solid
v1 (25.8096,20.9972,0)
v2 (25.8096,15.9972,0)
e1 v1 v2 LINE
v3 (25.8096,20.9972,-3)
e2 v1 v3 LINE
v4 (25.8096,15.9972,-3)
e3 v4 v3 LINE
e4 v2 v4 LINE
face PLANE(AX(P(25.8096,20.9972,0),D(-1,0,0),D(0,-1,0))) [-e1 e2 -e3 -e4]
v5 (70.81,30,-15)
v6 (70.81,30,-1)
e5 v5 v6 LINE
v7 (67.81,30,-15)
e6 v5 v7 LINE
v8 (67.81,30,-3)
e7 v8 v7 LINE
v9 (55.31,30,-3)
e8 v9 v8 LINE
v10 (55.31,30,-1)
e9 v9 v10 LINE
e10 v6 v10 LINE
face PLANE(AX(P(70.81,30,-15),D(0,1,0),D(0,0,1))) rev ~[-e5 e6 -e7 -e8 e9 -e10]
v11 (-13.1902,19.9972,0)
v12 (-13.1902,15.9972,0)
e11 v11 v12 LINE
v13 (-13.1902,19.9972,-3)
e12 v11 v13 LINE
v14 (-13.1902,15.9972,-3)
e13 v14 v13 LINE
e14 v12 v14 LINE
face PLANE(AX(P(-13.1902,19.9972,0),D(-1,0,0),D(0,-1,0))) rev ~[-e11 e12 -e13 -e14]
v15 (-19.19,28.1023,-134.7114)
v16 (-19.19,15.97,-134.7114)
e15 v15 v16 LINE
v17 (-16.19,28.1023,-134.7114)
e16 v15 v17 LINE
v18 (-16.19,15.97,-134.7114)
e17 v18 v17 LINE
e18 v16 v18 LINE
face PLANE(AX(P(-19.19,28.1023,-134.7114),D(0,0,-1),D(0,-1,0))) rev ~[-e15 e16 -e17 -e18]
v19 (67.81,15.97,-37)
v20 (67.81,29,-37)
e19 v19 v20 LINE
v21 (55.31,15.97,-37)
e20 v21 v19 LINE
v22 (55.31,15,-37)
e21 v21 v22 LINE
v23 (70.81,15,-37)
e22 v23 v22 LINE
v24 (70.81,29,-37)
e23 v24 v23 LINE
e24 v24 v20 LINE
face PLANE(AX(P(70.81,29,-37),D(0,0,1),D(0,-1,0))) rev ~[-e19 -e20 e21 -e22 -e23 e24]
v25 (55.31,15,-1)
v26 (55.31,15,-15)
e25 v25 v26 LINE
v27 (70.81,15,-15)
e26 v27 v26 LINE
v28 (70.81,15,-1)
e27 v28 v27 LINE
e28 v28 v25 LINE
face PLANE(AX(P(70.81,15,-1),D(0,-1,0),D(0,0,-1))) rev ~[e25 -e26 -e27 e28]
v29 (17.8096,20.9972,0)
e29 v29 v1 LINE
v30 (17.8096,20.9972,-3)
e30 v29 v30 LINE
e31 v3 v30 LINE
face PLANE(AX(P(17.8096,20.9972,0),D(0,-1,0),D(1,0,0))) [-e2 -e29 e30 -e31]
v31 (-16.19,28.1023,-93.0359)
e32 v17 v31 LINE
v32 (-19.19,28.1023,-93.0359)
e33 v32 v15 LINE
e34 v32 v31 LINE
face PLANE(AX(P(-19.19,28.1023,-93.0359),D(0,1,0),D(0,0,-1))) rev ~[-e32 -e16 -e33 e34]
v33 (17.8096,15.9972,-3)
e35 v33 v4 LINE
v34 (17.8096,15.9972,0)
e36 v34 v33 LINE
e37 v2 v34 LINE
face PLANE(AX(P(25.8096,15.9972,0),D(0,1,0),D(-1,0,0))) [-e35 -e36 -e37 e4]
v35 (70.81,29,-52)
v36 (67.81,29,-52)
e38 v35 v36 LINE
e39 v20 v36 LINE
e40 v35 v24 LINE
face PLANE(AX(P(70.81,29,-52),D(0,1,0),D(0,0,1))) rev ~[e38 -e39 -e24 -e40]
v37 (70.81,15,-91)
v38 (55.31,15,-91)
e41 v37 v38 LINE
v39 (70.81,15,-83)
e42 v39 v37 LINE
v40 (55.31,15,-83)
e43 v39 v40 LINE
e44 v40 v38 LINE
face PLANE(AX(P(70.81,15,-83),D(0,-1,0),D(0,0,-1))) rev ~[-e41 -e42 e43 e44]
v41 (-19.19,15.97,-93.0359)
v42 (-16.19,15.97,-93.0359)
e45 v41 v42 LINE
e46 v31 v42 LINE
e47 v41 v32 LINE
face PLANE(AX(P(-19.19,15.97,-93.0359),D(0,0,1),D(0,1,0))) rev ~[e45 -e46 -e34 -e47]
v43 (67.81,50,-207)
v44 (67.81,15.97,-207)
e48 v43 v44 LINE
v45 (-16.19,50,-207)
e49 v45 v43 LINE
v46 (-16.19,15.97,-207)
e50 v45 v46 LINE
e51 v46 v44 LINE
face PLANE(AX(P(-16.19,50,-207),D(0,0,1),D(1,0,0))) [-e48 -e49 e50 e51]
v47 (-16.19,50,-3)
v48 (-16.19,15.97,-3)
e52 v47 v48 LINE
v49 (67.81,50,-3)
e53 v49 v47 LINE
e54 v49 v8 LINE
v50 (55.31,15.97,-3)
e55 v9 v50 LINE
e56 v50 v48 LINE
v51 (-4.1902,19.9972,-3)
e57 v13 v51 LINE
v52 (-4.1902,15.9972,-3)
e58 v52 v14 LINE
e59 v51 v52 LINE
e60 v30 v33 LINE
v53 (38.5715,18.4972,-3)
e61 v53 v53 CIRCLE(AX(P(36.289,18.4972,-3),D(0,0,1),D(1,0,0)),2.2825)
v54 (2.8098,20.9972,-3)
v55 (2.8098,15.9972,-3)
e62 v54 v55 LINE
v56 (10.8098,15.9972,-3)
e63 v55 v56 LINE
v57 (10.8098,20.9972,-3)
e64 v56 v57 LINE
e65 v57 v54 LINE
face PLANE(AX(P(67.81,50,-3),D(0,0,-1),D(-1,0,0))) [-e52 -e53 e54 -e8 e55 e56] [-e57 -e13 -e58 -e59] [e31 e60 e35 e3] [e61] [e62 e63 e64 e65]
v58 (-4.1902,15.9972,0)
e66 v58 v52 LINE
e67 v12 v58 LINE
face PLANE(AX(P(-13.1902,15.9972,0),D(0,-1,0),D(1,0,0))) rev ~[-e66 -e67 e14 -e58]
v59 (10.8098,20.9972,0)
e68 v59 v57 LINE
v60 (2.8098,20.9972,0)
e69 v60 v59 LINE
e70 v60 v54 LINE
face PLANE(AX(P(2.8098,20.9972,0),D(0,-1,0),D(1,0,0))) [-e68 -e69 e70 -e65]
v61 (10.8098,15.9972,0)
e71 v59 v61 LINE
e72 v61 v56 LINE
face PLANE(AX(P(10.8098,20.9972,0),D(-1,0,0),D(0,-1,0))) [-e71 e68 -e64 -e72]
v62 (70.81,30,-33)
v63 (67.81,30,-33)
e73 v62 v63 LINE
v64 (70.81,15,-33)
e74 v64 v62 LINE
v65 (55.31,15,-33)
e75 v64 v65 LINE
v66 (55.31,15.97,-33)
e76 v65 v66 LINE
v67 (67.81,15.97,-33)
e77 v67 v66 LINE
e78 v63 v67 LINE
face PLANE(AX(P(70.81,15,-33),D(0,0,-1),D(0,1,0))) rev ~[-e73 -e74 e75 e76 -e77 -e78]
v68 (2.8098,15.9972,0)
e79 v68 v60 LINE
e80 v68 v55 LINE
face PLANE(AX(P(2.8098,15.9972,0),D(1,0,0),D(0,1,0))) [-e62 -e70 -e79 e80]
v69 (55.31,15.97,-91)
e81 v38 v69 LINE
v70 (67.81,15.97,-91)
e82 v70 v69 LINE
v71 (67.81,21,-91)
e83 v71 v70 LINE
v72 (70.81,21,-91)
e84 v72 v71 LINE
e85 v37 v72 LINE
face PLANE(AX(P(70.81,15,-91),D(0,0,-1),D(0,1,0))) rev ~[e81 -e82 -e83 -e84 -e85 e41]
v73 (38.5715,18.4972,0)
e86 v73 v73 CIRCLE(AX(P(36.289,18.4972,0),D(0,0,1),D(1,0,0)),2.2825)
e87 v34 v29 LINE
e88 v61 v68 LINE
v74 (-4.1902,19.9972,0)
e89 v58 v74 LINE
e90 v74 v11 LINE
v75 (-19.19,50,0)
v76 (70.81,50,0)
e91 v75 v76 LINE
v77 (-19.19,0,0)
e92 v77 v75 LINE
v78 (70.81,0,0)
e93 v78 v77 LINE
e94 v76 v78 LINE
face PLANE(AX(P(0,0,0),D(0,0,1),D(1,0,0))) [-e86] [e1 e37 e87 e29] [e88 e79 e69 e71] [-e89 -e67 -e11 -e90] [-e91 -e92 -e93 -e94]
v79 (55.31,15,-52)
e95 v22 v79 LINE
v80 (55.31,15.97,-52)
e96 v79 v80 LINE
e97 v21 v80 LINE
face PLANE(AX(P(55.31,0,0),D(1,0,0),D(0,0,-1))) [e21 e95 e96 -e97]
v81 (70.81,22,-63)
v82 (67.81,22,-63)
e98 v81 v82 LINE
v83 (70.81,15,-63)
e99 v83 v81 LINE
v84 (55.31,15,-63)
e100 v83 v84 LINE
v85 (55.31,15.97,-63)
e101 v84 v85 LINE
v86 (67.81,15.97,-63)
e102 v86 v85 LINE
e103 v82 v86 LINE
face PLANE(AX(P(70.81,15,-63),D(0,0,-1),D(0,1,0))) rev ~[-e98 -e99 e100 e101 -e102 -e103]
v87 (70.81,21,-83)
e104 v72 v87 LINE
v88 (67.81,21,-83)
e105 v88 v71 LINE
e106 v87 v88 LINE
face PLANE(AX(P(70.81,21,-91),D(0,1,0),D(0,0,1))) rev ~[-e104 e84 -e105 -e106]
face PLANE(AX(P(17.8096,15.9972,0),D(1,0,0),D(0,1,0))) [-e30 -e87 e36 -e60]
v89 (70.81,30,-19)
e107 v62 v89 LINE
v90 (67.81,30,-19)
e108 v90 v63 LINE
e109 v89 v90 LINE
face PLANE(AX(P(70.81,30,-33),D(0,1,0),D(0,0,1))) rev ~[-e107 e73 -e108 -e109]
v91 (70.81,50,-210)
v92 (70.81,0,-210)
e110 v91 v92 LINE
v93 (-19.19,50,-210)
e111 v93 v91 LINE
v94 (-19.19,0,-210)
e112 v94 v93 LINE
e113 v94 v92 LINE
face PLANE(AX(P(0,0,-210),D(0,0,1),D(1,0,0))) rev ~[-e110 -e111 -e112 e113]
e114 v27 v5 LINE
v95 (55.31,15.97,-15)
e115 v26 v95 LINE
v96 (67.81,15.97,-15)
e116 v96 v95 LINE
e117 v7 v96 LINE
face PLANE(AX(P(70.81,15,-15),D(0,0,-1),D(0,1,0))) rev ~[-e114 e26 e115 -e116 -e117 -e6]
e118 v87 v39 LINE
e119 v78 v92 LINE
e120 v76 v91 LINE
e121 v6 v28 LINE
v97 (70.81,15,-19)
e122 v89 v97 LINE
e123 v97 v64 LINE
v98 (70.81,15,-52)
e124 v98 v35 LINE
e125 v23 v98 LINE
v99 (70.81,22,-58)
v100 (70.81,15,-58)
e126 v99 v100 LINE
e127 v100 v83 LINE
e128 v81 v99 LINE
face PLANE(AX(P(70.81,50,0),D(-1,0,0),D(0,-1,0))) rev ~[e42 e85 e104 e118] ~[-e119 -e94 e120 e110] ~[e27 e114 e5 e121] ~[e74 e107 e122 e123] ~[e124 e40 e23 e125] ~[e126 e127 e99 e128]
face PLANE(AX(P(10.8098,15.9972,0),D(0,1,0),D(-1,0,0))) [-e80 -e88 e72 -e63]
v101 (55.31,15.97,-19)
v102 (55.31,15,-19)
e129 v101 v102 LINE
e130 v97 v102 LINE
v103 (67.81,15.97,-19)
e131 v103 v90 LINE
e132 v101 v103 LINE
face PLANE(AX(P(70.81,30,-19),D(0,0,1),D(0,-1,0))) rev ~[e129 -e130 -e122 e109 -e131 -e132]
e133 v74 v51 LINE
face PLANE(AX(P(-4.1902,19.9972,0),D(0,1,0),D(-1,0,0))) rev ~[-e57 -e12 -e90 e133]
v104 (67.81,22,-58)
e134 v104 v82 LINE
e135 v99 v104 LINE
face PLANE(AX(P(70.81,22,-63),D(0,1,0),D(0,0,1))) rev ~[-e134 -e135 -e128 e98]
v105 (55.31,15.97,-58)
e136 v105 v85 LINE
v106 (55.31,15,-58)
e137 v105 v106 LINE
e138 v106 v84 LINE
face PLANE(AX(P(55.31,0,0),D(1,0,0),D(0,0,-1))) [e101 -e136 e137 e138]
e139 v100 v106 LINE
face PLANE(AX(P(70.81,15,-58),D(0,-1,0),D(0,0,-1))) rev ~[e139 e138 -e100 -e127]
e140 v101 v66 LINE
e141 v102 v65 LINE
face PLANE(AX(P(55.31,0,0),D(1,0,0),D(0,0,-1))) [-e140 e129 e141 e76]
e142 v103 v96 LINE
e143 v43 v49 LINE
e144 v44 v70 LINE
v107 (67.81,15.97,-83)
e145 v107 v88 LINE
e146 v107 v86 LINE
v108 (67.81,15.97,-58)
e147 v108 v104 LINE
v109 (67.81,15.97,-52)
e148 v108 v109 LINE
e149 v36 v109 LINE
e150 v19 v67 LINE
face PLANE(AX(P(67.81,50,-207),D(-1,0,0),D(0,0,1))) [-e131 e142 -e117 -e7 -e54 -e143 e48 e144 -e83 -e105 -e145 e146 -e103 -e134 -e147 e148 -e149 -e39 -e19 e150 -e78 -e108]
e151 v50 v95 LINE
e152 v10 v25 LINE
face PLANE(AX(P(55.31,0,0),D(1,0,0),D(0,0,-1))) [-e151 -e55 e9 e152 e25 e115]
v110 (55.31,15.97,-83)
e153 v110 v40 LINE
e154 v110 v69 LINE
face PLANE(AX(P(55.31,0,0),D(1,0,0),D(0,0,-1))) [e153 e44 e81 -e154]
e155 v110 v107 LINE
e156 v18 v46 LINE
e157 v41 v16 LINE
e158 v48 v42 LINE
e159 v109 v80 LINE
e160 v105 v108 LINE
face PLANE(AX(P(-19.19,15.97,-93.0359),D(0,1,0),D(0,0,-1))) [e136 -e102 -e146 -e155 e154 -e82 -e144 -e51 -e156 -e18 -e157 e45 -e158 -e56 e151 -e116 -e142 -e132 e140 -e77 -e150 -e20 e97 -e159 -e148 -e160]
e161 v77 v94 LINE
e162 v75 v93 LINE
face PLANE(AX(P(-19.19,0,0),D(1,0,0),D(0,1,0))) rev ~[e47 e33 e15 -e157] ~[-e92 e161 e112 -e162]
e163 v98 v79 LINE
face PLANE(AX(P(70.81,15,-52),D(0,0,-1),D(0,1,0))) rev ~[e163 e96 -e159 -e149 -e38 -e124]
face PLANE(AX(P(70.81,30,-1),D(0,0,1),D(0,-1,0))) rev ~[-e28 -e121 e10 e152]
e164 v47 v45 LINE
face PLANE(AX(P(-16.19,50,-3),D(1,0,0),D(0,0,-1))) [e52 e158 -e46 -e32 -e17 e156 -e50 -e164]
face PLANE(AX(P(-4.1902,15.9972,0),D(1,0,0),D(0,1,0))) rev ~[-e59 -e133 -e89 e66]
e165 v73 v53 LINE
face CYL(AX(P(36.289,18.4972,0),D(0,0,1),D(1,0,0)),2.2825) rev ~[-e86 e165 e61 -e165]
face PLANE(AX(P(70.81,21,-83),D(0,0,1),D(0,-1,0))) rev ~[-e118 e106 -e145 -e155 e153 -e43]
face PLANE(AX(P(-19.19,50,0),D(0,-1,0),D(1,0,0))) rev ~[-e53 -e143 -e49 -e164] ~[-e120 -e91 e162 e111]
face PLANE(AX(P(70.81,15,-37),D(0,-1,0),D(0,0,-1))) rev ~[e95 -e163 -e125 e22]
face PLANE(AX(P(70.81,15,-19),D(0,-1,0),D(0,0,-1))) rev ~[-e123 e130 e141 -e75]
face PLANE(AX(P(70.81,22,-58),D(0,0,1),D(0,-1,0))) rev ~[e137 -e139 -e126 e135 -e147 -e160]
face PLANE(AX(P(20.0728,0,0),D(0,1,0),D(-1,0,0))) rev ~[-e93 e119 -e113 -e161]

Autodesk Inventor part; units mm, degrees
ref_plane "YZ Plane" through (0, 0, 0) normal (1, 0, 0) x (0, 1, 0)
ref_plane "XZ Plane" through (0, 0, 0) normal (0, 1, 0) x (-1, 0, 0)
ref_plane "XY Plane" through (0, 0, 0) normal (0, 0, 1) x (1, 0, 0)
sketch "Sketch1" plane through (0, 0, 0) normal (0, 0, 1) x (1, 0, 0)
  point P0 (0, 0)
sketch "Sketch2" plane through (0, 0, 0) normal (0, 0, 1) x (1, 0, 0)
  line L0 (20.0728, 0) -> (-15.1545, 0)
  line L1 (-19.19, 0) -> (-19.19, 50)
  line L2 (-19.19, 50) -> (70.81, 50)
  line L3 (70.81, 50) -> (70.81, 0)
  line L4 (70.81, 0) -> (-19.19, 0)
  line L5 (-19.19, 0) -> (-13.19, 0)
  line L6 (-13.19, 0) -> (-13.19, 15)
  point P0 (0, 0)
  dimension "d0" = 50
  dimension "d1" = 90
  dimension "d2" = 15
  dimension "d5" = 6
sketch "Sketch3" plane through (0, 0, 0) normal (0, 0, 1) x (1, 0, 0)
  line L0 (-13.1902, 15.9972) -> (-4.1902, 15.9972)
  line L1 (-4.1902, 15.9972) -> (-4.1902, 19.9972)
  line L2 (-4.1902, 19.9972) -> (-13.1902, 19.9972)
  line L3 (-13.1902, 19.9972) -> (-13.1902, 15.9972)
  line L4 (2.8098, 15.9972) -> (2.8098, 20.9972)
  line L5 (2.8098, 20.9972) -> (10.8098, 20.9972)
  line L6 (10.8098, 20.9972) -> (10.8098, 15.9972)
  line L7 (10.8098, 15.9972) -> (2.8098, 15.9972)
  line L8 (2.8098, 15.9972) -> (2.8098, 20.9972)
  line L9 (2.8098, 20.9972) -> (10.8098, 20.9972)
  line L10 (10.8098, 20.9972) -> (10.8098, 15.9972)
  line L11 (10.8098, 15.9972) -> (2.8098, 15.9972)
  line L12 (17.8096, 15.9972) -> (17.8096, 20.9972)
  line L13 (17.8096, 20.9972) -> (25.8096, 20.9972)
  line L14 (25.8096, 20.9972) -> (25.8096, 15.9972)
  line L15 (25.8096, 15.9972) -> (17.8096, 15.9972)
  line L16 (17.8096, 15.9972) -> (17.8096, 20.9972)
  line L17 (17.8096, 20.9972) -> (25.8096, 20.9972)
  line L18 (25.8096, 20.9972) -> (25.8096, 15.9972)
  line L19 (25.8096, 15.9972) -> (17.8096, 15.9972)
  circle A0 centre (36.289, 18.4972) radius 2.2825
  point P0 (0, 0)
  dimension "d7" = 9
  dimension "d8" = 4
  dimension "d9" = 9
  dimension "d11" = 5
  dimension "d12" = 8
  dimension "d13" = 5
  dimension "d14" = 8
  dimension "d16" = 7
  dimension "d18" = 5
  dimension "d19" = 8
  dimension "d20" = 5
  dimension "d21" = 8
  dimension "d22" = 5
  dimension "d23" = 8
  dimension "d24" = 5
  dimension "d25" = 8
  dimension "d27" = 5
  dimension "d28" = 8
  dimension "d29" = 5
  dimension "d30" = 8
sketch "Sketch4" plane through (0, 0, 0) normal (1, 0, 0) x (0, 1, 0)
  point P0 (0, 0)
sketch "Sketch5" plane through (0, 0, 0) normal (1, 0, 0) x (0, 1, 0)
  point P0 (0, 0)
sketch "Sketch6" plane through (0, 0, 0) normal (1, 0, 0) x (0, 1, 0)
  point P0 (0, 0)
extrude "Extrusion2" add sketch "Sketch2" against normal blind 210
sketch "Sketch7" plane through (70.81, 0, 0) normal (1, 0, 0) x (0, 0, -1)
  point P0 (0, 0)
sketch "Sketch8" plane through (-19.19, 50, 0) normal (0, 1, 0) x (1, 0, 0)
  point P0 (19.19, 0)
sketch "Sketch9" plane through (-19.19, 50, 0) normal (0, 1, 0) x (1, 0, 0)
  line L0 (0, 210) -> (90, 210) projected
  line L1 (0, 210) -> (3, 210)
  line L2 (3, 210) -> (0, 210)
  line L3 (90, 210) -> (87, 210)
  line L4 (90, 0) -> (0, 0) projected
  line L5 (90, 0) -> (90, 210) projected
  line L6 (90, 3) -> (90, 0)
  line L7 (0, 0) -> (0, 3)
  line L8 (0, 0) -> (0, 210) projected
  line L9 (3, 207) -> (87, 207)
  line L10 (87, 207) -> (87, 3)
  line L11 (87, 3) -> (3, 3)
  line L12 (3, 3) -> (3, 207)
  point P0 (19.19, 0)
  dimension "d39" = 3
  dimension "d40" = 3
extrude "Extrusion3" cut sketch "Sketch9" against normal blind 34.03 contours L9 L10 L11 L12
extrude "Extrusion4" cut sketch "Sketch3" against normal blind 33.25
sketch "Sketch10" plane through (0, 0, 0) normal (0, 0, 1) x (1, 0, 0)
  point P0 (0, 0)
sketch "Sketch11" plane through (0, 0, 0) normal (0, 0, 1) x (1, 0, 0)
  point P0 (0, 0)
sketch "Sketch12" plane through (67.81, 50, -3) normal (0, 0, -1) x (-1, 0, 0)
  point P0 (67.81, -50)
sketch "Sketch13" plane through (67.81, 50, -3) normal (0, 0, -1) x (-1, 0, 0)
  point P0 (67.81, -50)
sketch "Sketch14" plane through (0, 0, 0) normal (0, 0, 1) x (1, 0, 0)
  point P0 (0, 0)
sketch "Sketch15" plane through (70.81, 0, 0) normal (1, 0, 0) x (0, 0, -1)
  line L0 (0, 0) -> (0, 15)
  line L1 (0, 0) -> (0, 50) projected
  line L2 (0, 15) -> (1, 15)
  line L3 (1, 15) -> (15, 15)
  line L4 (15, 15) -> (15, 30)
  line L5 (15, 30) -> (1, 30)
  line L6 (1, 30) -> (1, 15)
  line L7 (15, 15) -> (19, 15)
  line L8 (19, 15) -> (33, 15)
  line L9 (33, 15) -> (33, 30)
  line L10 (33, 30) -> (19, 30)
  line L11 (19, 30) -> (19, 15)
  line L12 (33, 15) -> (37, 15)
  line L13 (37, 15) -> (52, 15)
  line L14 (52, 15) -> (52, 29)
  line L15 (52, 29) -> (37, 29)
  line L16 (37, 29) -> (37, 15)
  line L17 (52, 15) -> (58, 15)
  line L18 (58, 15) -> (63, 15)
  line L19 (63, 15) -> (63, 22)
  line L20 (63, 22) -> (58, 22)
  line L21 (58, 22) -> (58, 15)
  line L22 (63, 15) -> (83, 15)
  line L23 (83, 15) -> (91, 15)
  line L24 (91, 15) -> (91, 21)
  line L25 (91, 21) -> (83, 21)
  line L26 (83, 21) -> (83, 15)
  dimension "d53" = 15
  dimension "d54" = 1
  dimension "d55" = 14
  dimension "d56" = 15
  dimension "d57" = 4
  dimension "d58" = 14
  dimension "d59" = 15
  dimension "d60" = 4
  dimension "d61" = 15
  dimension "d62" = 14
  dimension "d63" = 6
  dimension "d64" = 5
  dimension "d65" = 7
  dimension "d66" = 20
  dimension "d67" = 8
  dimension "d68" = 6
extrude "Extrusion5" cut sketch "Sketch15" against normal blind 15.5
sketch "Sketch16" plane through (-19.19, 0, 0) normal (-1, 0, 0) x (0, 0, 1)
  line L0 (-3, 15.97) -> (-207, 15.97) projected
  line L1 (-134.7114, 15.97) -> (-93.0359, 15.97)
  line L2 (-93.0359, 15.97) -> (-93.0359, 28.1023)
  line L3 (-93.0359, 28.1023) -> (-134.7114, 28.1023)
  line L4 (-134.7114, 28.1023) -> (-134.7114, 15.97)
  point P0 (0, 0)
extrude "Extrusion6" cut sketch "Sketch16" against normal blind 14.25
properties part number "BOX_SAMPAH"
